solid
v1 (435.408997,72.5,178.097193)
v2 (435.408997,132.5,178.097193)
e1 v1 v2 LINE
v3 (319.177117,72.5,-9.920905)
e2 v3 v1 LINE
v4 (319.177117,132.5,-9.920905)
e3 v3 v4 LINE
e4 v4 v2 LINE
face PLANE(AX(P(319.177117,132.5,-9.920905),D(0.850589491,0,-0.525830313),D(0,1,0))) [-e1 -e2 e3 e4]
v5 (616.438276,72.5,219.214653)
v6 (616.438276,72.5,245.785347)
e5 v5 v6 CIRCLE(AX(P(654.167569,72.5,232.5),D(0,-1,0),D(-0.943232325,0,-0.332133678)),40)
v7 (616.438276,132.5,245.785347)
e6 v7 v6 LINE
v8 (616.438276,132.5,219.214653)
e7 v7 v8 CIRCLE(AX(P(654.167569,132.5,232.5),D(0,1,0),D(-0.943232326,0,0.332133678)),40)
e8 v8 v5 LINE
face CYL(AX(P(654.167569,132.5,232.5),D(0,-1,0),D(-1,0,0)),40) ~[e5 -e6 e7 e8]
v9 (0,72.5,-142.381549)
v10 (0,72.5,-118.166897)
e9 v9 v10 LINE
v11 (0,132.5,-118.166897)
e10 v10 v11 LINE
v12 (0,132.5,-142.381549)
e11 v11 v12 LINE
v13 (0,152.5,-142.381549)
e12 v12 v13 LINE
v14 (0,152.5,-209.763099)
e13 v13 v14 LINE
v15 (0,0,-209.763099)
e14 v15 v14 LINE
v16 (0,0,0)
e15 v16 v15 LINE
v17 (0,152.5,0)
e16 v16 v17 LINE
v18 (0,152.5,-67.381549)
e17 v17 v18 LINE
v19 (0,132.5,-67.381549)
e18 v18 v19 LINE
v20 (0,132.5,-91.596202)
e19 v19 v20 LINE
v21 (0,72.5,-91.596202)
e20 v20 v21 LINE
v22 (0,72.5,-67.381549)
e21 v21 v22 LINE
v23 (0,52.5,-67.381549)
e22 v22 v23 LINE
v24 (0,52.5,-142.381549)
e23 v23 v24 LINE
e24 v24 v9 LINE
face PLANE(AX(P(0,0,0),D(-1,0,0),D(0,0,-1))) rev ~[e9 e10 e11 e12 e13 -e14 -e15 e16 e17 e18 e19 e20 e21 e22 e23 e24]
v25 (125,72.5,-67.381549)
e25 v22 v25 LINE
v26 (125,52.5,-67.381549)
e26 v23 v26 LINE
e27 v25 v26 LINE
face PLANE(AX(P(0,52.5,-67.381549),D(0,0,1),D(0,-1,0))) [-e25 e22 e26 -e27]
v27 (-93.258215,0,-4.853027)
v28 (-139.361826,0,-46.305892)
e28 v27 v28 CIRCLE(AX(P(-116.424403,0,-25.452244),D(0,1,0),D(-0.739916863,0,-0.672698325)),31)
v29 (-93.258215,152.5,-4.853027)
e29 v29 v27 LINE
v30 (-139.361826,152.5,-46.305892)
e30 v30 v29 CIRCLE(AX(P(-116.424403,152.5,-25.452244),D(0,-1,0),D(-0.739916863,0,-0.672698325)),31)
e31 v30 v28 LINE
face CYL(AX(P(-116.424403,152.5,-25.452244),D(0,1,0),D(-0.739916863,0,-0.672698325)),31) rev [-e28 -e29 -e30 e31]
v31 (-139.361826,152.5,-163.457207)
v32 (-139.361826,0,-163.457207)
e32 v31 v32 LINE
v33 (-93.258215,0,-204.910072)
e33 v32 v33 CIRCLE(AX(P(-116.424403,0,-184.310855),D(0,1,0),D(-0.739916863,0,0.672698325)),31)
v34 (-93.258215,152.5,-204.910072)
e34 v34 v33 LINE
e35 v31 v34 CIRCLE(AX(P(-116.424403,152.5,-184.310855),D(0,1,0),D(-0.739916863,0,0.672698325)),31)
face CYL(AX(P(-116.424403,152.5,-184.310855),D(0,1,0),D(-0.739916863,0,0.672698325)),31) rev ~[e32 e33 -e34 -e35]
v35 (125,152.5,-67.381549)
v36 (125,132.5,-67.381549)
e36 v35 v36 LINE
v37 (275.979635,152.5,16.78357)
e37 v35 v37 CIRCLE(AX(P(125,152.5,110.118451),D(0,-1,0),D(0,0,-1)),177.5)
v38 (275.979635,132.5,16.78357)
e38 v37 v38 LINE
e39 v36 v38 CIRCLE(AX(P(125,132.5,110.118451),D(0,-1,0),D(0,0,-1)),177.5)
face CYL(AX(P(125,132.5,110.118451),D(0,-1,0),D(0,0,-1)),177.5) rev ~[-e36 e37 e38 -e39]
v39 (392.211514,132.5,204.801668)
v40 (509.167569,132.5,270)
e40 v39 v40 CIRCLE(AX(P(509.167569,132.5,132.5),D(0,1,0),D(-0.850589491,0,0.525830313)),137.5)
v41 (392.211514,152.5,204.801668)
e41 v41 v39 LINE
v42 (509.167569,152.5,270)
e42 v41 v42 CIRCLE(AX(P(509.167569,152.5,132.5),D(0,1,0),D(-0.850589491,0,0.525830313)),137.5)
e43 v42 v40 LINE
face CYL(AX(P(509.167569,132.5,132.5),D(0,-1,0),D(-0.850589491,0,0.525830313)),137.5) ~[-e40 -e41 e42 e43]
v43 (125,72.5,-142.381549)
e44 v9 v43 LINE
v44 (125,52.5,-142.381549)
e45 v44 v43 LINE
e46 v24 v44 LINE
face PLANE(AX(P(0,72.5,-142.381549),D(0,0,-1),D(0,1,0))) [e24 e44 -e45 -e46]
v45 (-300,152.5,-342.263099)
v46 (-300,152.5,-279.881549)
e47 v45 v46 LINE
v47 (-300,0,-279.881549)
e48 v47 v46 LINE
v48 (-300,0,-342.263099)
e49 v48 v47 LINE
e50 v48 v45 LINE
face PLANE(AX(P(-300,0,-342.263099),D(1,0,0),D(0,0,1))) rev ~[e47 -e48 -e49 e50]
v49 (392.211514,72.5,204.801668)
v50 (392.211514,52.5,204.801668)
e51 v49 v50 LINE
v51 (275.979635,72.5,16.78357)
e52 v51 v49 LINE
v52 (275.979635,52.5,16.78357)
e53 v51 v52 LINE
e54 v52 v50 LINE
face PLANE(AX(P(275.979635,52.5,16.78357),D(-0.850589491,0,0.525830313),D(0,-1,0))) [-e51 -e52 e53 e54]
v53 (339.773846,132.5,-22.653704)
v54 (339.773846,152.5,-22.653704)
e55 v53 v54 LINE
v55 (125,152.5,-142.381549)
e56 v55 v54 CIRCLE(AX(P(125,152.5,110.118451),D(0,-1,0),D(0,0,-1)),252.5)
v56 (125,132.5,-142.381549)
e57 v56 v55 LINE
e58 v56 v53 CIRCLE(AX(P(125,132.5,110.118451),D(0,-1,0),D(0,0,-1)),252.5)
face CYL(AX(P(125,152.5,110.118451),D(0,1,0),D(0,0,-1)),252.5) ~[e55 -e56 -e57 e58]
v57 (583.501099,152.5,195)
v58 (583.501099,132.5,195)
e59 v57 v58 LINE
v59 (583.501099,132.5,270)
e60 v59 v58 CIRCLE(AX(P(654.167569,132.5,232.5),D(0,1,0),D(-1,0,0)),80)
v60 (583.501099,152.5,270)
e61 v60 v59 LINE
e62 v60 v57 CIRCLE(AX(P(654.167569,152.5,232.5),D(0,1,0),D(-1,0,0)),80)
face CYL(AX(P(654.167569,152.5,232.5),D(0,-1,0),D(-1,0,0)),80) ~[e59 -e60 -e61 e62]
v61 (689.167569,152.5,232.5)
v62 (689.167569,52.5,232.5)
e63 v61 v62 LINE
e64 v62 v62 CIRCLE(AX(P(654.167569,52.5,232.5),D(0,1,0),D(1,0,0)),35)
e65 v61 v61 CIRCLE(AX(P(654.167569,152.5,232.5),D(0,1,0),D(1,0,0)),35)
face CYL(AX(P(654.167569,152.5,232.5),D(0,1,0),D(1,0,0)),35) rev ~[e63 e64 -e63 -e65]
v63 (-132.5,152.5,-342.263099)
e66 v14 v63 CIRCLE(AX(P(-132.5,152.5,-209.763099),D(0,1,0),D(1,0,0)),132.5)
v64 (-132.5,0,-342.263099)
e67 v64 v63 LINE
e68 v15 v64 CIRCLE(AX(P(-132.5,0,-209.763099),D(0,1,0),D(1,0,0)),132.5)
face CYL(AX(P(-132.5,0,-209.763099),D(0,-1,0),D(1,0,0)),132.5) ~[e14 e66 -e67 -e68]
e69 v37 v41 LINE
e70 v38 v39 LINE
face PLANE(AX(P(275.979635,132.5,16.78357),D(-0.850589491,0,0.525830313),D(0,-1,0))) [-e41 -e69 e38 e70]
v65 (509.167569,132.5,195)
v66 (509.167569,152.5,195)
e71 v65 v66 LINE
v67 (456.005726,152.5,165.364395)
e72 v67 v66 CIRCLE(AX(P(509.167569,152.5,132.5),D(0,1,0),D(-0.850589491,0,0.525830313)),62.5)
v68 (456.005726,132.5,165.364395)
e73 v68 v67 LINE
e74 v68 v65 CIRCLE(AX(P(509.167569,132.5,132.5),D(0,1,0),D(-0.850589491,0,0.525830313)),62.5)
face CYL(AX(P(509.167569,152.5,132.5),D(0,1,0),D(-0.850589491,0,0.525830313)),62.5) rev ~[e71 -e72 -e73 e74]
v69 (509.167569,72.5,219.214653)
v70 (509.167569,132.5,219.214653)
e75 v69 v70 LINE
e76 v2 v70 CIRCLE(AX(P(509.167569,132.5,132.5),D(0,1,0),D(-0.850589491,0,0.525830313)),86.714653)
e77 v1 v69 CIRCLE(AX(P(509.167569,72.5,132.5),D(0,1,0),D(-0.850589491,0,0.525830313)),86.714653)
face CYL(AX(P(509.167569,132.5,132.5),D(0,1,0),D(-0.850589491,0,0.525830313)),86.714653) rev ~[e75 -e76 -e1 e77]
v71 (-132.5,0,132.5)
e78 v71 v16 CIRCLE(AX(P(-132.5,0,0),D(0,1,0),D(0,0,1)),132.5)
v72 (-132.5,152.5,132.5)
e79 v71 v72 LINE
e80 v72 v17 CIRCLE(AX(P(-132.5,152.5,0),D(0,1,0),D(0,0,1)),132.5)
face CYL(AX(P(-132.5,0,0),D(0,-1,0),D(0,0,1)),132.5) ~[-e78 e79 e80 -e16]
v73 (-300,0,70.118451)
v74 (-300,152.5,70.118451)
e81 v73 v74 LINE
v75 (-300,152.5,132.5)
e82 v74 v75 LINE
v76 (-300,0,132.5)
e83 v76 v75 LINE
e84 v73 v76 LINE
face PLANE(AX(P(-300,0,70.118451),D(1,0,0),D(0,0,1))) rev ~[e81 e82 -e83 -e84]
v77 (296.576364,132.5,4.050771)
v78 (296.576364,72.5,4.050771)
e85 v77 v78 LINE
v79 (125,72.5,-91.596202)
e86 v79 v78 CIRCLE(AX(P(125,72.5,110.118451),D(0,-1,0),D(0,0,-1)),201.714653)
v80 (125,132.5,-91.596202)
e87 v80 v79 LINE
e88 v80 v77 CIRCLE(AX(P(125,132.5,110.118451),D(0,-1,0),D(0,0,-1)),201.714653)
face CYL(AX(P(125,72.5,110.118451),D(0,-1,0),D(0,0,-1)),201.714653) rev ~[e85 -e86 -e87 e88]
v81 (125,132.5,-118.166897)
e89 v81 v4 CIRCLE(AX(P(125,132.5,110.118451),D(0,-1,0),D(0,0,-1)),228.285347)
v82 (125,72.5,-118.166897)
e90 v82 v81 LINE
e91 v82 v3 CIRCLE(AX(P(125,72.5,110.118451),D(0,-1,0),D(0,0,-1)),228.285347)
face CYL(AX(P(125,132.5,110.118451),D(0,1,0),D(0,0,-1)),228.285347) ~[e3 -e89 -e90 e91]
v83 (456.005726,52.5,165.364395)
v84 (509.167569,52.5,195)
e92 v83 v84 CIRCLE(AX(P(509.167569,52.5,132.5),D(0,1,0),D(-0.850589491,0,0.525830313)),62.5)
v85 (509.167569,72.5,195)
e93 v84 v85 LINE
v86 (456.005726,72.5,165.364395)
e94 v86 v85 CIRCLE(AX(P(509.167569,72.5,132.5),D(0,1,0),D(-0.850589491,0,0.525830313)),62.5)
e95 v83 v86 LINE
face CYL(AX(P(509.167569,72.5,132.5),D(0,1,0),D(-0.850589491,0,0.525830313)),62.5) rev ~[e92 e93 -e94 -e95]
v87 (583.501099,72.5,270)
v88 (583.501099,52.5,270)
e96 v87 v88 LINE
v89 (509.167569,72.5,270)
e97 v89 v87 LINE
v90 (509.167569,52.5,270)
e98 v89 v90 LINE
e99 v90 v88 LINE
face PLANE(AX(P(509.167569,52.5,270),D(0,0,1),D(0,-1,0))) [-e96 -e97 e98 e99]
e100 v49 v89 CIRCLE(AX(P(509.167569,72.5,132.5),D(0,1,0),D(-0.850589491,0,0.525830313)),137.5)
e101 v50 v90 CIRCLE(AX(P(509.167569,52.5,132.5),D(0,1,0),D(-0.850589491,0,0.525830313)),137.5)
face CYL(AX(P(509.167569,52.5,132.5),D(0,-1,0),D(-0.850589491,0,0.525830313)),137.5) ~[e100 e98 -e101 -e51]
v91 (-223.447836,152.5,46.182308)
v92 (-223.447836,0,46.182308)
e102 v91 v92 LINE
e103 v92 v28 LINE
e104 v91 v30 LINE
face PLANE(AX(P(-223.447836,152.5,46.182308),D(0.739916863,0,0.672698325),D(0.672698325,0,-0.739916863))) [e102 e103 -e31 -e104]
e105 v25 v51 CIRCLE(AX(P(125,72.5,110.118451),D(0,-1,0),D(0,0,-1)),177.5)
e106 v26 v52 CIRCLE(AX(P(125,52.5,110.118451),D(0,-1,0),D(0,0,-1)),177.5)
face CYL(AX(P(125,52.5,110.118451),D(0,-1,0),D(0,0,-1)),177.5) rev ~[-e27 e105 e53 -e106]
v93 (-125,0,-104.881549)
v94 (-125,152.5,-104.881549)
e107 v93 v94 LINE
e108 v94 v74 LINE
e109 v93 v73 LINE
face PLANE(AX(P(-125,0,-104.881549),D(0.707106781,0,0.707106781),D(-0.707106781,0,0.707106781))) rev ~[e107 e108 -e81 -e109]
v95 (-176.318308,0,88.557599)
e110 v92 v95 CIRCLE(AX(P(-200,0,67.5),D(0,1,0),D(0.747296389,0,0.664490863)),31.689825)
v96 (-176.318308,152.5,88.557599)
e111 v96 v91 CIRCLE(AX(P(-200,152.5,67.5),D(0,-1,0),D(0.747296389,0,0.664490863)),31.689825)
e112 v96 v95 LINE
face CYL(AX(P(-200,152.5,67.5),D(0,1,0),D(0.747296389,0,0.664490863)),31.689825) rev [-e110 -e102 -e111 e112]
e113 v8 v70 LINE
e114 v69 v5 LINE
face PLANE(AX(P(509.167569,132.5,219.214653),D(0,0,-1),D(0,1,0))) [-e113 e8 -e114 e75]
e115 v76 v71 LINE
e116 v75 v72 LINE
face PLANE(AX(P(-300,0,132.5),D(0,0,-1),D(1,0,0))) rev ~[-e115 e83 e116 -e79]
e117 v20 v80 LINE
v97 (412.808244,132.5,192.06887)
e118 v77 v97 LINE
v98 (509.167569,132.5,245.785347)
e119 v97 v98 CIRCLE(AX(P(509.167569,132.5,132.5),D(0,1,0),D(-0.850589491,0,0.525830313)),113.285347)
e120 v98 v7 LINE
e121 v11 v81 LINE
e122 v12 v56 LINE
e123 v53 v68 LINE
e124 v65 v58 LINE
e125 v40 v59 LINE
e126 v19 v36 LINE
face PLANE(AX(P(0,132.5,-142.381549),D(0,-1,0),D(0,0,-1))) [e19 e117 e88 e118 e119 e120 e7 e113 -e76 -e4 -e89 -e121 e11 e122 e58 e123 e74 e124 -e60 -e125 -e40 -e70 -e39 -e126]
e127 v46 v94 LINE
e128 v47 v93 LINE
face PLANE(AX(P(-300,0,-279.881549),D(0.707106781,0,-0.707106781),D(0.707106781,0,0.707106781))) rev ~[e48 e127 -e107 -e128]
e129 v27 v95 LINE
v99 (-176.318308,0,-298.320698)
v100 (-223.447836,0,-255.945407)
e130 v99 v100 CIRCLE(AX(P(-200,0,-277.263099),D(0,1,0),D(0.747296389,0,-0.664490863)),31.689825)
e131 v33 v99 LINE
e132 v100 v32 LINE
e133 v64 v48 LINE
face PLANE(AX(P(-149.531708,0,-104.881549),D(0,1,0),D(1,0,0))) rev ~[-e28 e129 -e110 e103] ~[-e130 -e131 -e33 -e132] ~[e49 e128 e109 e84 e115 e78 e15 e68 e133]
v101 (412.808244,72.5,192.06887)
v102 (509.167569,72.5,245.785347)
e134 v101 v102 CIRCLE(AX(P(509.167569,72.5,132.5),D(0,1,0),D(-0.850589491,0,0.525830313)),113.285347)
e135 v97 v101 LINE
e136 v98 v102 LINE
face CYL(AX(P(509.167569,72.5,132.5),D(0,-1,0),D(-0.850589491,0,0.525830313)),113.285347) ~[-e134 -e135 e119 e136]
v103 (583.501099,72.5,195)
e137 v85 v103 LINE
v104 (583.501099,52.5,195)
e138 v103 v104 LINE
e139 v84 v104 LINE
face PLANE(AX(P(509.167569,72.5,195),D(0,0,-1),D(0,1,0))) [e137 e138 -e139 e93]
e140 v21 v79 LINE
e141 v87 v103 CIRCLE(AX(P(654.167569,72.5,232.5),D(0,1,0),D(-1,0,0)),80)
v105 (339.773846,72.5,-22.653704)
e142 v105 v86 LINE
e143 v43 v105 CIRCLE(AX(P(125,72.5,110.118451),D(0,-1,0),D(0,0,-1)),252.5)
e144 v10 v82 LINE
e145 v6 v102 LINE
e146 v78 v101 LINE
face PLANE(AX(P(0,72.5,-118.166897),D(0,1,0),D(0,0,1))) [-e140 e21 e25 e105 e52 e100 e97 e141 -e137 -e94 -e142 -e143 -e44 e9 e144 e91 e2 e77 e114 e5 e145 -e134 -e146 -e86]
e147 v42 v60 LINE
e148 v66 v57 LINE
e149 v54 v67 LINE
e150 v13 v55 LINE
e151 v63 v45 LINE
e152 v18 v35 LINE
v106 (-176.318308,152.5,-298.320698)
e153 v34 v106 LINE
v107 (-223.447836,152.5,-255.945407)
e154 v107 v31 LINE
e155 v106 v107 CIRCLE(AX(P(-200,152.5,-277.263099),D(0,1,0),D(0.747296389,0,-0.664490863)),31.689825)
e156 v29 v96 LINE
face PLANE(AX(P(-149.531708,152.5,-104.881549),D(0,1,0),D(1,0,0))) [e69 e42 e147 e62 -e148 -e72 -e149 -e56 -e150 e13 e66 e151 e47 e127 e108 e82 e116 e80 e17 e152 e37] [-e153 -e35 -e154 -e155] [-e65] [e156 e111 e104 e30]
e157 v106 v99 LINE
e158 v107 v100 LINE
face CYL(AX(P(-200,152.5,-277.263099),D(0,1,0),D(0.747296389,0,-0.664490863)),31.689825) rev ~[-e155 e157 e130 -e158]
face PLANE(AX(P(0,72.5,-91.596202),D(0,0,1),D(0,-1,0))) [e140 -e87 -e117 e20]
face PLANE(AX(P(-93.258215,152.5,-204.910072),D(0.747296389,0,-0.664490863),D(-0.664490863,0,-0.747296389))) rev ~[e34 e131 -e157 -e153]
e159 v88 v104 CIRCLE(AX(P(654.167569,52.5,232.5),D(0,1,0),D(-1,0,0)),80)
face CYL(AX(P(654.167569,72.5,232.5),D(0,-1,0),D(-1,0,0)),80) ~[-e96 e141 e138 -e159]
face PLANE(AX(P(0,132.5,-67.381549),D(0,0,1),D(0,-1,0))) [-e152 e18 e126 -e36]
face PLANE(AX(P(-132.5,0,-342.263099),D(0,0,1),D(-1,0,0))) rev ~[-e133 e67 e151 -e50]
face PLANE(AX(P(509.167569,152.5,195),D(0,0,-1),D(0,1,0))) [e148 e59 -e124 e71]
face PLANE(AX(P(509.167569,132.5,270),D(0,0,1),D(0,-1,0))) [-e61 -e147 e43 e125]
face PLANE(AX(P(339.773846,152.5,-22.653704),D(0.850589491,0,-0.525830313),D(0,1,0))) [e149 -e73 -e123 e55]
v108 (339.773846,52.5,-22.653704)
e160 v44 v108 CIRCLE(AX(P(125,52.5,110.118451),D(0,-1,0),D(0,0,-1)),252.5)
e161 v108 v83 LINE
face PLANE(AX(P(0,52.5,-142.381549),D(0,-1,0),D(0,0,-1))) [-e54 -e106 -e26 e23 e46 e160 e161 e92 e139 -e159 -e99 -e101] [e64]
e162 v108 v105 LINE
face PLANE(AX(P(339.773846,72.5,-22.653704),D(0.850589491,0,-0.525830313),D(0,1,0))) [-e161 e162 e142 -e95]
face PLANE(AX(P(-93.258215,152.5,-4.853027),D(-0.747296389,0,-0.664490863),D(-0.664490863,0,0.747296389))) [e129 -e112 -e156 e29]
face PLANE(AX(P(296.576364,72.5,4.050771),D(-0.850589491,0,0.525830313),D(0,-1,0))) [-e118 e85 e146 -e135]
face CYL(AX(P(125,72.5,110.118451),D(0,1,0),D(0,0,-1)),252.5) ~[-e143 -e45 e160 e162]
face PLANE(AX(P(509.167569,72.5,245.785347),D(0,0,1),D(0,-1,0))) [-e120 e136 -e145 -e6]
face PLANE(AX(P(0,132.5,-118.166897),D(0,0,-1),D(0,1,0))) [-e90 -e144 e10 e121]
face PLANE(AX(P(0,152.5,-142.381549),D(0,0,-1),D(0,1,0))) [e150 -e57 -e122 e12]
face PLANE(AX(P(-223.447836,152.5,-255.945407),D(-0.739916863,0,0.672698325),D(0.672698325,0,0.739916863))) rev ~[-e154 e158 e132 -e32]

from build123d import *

# Parameters (mm, degrees)
BOSS_EXTRUDE1_DEPTH = 152.5
CUT_EXTRUDE1_DEPTH  = 153.5
CUT_EXTRUDE2_REACH  = 154.5
SKETCH7_R           = 35


with BuildPart() as part:
    # Sketch1 → Boss-Extrude1 (new body)
    with BuildSketch(Plane(origin=(0, 0, 0), x_dir=(1, 0, 0), z_dir=(0, 1, 0))):
        with BuildLine():
            Line((-300, -132.5), (-132.5, -132.5))
            ThreePointArc((-132.5, -132.5), (-38.808351493, -93.691648507), (0, 0))
            Line((0, 0), (0, 209.763098819))
            ThreePointArc((0, 209.763098819), (-38.808351493, 303.454747326), (-132.5, 342.263098819))
            Line((-132.5, 342.263098819), (-300, 342.263098819))
            Line((-300, 342.263098819), (-300, 279.881549409))
            Line((-300, 279.881549409), (-125, 104.881549409))
            Line((-125, 104.881549409), (-300, -70.118450591))
            Line((-300, -70.118450591), (-300, -132.5))
        make_face()
    extrude(amount=BOSS_EXTRUDE1_DEPTH)

    # Sketch2 → Cut-Extrude1 (cut, through all)
    with BuildSketch(Plane(origin=(0, 152.5, 0), x_dir=(1, 0, 0), z_dir=(0, 1, 0))):
        with BuildLine():
            Line((-223.447835998, -46.182307711), (-139.361825834, 46.305891731))
            ThreePointArc((-139.361825834, 46.305891731), (-95.697655057, 48.504400086), (-93.258215037, 4.853026901))
            Line((-93.258215037, 4.853026901), (-176.318308109, -88.557599262))
            ThreePointArc((-176.318308109, -88.557599262), (-221.187968417, -91.065122785), (-223.447835998, -46.182307711))
        make_face()
        with BuildLine():
            Line((-93.258215037, 204.910071918), (-176.318308109, 298.320698081))
            ThreePointArc((-176.318308109, 298.320698081), (-221.187968417, 300.828221603), (-223.447835998, 255.94540653))
            Line((-223.447835998, 255.94540653), (-139.361825834, 163.457207088))
            ThreePointArc((-139.361825834, 163.457207088), (-95.697655057, 161.258698732), (-93.258215037, 204.910071918))
        make_face()
    extrude(amount=-CUT_EXTRUDE1_DEPTH, mode=Mode.SUBTRACT)

    # Sweep2: sweep along a path in Sketch4
    with BuildLine(Plane(origin=(0, 0, 0), x_dir=(1, 0, 0), z_dir=(0, 1, 0))) as sweep2_path:
        Line((0, 104.881549409), (125, 104.881549409))
        ThreePointArc((125, 104.881549409), (229.686421658, 77.6733307), (307.876740467, 2.935066808))
        Line((307.876740467, 2.935066808), (424.108620349, -185.083031348))
        ThreePointArc((424.108620349, -185.083031348), (460.476210492, -219.845014554), (509.167569403, -232.5))
        Line((509.167569403, -232.5), (654.167569403, -232.5))
    # Sketch3 → Sweep2 (sweep)
    with BuildSketch(Plane(origin=(0, 0, 0), x_dir=(0, 0, -1), z_dir=(1, 0, 0))):
        Polygon((67.381549409, 152.5), (142.381549409, 152.5), (142.381549409, 132.5), (118.166896534, 132.5), (118.166896534, 72.5), (142.381549409, 72.5), (142.381549409, 52.5), (67.381549409, 52.5), (67.381549409, 72.5), (91.596202285, 72.5), (91.596202285, 132.5), (67.381549409, 132.5), align=None)
    sweep(path=sweep2_path.line)

    # Sketch6 → Revolve2 (revolve)
    with BuildSketch(Plane.XY.offset(232.5)):
        Polygon((654.167569403, 152.5), (574.167569403, 152.5), (574.167569403, 132.5), (614.167569403, 132.5), (614.167569403, 72.5), (574.167569403, 72.5), (574.167569403, 52.5), (654.167569403, 52.5), align=None)
    revolve(axis=Axis((654.167569403, 152.5, 232.5), (0, 1, 0)))

    # Sketch7 → Cut-Extrude2 (cut, up to next)
    with BuildSketch(Plane(origin=(0, 152.5, 0), x_dir=(1, 0, 0), z_dir=(0, 1, 0)), mode=Mode.PRIVATE) as cut_extrude2_sk1:
        with Locations((654.167569403, -232.5)):
            Circle(SKETCH7_R)
    cut_extrude2_tool1 = extrude(cut_extrude2_sk1.sketch, amount=-CUT_EXTRUDE2_REACH, mode=Mode.PRIVATE) & part.part
    add(cut_extrude2_tool1.solids().sort_by_distance((654.167569, 152.5, 232.5))[0], mode=Mode.SUBTRACT)


solid = part.part
